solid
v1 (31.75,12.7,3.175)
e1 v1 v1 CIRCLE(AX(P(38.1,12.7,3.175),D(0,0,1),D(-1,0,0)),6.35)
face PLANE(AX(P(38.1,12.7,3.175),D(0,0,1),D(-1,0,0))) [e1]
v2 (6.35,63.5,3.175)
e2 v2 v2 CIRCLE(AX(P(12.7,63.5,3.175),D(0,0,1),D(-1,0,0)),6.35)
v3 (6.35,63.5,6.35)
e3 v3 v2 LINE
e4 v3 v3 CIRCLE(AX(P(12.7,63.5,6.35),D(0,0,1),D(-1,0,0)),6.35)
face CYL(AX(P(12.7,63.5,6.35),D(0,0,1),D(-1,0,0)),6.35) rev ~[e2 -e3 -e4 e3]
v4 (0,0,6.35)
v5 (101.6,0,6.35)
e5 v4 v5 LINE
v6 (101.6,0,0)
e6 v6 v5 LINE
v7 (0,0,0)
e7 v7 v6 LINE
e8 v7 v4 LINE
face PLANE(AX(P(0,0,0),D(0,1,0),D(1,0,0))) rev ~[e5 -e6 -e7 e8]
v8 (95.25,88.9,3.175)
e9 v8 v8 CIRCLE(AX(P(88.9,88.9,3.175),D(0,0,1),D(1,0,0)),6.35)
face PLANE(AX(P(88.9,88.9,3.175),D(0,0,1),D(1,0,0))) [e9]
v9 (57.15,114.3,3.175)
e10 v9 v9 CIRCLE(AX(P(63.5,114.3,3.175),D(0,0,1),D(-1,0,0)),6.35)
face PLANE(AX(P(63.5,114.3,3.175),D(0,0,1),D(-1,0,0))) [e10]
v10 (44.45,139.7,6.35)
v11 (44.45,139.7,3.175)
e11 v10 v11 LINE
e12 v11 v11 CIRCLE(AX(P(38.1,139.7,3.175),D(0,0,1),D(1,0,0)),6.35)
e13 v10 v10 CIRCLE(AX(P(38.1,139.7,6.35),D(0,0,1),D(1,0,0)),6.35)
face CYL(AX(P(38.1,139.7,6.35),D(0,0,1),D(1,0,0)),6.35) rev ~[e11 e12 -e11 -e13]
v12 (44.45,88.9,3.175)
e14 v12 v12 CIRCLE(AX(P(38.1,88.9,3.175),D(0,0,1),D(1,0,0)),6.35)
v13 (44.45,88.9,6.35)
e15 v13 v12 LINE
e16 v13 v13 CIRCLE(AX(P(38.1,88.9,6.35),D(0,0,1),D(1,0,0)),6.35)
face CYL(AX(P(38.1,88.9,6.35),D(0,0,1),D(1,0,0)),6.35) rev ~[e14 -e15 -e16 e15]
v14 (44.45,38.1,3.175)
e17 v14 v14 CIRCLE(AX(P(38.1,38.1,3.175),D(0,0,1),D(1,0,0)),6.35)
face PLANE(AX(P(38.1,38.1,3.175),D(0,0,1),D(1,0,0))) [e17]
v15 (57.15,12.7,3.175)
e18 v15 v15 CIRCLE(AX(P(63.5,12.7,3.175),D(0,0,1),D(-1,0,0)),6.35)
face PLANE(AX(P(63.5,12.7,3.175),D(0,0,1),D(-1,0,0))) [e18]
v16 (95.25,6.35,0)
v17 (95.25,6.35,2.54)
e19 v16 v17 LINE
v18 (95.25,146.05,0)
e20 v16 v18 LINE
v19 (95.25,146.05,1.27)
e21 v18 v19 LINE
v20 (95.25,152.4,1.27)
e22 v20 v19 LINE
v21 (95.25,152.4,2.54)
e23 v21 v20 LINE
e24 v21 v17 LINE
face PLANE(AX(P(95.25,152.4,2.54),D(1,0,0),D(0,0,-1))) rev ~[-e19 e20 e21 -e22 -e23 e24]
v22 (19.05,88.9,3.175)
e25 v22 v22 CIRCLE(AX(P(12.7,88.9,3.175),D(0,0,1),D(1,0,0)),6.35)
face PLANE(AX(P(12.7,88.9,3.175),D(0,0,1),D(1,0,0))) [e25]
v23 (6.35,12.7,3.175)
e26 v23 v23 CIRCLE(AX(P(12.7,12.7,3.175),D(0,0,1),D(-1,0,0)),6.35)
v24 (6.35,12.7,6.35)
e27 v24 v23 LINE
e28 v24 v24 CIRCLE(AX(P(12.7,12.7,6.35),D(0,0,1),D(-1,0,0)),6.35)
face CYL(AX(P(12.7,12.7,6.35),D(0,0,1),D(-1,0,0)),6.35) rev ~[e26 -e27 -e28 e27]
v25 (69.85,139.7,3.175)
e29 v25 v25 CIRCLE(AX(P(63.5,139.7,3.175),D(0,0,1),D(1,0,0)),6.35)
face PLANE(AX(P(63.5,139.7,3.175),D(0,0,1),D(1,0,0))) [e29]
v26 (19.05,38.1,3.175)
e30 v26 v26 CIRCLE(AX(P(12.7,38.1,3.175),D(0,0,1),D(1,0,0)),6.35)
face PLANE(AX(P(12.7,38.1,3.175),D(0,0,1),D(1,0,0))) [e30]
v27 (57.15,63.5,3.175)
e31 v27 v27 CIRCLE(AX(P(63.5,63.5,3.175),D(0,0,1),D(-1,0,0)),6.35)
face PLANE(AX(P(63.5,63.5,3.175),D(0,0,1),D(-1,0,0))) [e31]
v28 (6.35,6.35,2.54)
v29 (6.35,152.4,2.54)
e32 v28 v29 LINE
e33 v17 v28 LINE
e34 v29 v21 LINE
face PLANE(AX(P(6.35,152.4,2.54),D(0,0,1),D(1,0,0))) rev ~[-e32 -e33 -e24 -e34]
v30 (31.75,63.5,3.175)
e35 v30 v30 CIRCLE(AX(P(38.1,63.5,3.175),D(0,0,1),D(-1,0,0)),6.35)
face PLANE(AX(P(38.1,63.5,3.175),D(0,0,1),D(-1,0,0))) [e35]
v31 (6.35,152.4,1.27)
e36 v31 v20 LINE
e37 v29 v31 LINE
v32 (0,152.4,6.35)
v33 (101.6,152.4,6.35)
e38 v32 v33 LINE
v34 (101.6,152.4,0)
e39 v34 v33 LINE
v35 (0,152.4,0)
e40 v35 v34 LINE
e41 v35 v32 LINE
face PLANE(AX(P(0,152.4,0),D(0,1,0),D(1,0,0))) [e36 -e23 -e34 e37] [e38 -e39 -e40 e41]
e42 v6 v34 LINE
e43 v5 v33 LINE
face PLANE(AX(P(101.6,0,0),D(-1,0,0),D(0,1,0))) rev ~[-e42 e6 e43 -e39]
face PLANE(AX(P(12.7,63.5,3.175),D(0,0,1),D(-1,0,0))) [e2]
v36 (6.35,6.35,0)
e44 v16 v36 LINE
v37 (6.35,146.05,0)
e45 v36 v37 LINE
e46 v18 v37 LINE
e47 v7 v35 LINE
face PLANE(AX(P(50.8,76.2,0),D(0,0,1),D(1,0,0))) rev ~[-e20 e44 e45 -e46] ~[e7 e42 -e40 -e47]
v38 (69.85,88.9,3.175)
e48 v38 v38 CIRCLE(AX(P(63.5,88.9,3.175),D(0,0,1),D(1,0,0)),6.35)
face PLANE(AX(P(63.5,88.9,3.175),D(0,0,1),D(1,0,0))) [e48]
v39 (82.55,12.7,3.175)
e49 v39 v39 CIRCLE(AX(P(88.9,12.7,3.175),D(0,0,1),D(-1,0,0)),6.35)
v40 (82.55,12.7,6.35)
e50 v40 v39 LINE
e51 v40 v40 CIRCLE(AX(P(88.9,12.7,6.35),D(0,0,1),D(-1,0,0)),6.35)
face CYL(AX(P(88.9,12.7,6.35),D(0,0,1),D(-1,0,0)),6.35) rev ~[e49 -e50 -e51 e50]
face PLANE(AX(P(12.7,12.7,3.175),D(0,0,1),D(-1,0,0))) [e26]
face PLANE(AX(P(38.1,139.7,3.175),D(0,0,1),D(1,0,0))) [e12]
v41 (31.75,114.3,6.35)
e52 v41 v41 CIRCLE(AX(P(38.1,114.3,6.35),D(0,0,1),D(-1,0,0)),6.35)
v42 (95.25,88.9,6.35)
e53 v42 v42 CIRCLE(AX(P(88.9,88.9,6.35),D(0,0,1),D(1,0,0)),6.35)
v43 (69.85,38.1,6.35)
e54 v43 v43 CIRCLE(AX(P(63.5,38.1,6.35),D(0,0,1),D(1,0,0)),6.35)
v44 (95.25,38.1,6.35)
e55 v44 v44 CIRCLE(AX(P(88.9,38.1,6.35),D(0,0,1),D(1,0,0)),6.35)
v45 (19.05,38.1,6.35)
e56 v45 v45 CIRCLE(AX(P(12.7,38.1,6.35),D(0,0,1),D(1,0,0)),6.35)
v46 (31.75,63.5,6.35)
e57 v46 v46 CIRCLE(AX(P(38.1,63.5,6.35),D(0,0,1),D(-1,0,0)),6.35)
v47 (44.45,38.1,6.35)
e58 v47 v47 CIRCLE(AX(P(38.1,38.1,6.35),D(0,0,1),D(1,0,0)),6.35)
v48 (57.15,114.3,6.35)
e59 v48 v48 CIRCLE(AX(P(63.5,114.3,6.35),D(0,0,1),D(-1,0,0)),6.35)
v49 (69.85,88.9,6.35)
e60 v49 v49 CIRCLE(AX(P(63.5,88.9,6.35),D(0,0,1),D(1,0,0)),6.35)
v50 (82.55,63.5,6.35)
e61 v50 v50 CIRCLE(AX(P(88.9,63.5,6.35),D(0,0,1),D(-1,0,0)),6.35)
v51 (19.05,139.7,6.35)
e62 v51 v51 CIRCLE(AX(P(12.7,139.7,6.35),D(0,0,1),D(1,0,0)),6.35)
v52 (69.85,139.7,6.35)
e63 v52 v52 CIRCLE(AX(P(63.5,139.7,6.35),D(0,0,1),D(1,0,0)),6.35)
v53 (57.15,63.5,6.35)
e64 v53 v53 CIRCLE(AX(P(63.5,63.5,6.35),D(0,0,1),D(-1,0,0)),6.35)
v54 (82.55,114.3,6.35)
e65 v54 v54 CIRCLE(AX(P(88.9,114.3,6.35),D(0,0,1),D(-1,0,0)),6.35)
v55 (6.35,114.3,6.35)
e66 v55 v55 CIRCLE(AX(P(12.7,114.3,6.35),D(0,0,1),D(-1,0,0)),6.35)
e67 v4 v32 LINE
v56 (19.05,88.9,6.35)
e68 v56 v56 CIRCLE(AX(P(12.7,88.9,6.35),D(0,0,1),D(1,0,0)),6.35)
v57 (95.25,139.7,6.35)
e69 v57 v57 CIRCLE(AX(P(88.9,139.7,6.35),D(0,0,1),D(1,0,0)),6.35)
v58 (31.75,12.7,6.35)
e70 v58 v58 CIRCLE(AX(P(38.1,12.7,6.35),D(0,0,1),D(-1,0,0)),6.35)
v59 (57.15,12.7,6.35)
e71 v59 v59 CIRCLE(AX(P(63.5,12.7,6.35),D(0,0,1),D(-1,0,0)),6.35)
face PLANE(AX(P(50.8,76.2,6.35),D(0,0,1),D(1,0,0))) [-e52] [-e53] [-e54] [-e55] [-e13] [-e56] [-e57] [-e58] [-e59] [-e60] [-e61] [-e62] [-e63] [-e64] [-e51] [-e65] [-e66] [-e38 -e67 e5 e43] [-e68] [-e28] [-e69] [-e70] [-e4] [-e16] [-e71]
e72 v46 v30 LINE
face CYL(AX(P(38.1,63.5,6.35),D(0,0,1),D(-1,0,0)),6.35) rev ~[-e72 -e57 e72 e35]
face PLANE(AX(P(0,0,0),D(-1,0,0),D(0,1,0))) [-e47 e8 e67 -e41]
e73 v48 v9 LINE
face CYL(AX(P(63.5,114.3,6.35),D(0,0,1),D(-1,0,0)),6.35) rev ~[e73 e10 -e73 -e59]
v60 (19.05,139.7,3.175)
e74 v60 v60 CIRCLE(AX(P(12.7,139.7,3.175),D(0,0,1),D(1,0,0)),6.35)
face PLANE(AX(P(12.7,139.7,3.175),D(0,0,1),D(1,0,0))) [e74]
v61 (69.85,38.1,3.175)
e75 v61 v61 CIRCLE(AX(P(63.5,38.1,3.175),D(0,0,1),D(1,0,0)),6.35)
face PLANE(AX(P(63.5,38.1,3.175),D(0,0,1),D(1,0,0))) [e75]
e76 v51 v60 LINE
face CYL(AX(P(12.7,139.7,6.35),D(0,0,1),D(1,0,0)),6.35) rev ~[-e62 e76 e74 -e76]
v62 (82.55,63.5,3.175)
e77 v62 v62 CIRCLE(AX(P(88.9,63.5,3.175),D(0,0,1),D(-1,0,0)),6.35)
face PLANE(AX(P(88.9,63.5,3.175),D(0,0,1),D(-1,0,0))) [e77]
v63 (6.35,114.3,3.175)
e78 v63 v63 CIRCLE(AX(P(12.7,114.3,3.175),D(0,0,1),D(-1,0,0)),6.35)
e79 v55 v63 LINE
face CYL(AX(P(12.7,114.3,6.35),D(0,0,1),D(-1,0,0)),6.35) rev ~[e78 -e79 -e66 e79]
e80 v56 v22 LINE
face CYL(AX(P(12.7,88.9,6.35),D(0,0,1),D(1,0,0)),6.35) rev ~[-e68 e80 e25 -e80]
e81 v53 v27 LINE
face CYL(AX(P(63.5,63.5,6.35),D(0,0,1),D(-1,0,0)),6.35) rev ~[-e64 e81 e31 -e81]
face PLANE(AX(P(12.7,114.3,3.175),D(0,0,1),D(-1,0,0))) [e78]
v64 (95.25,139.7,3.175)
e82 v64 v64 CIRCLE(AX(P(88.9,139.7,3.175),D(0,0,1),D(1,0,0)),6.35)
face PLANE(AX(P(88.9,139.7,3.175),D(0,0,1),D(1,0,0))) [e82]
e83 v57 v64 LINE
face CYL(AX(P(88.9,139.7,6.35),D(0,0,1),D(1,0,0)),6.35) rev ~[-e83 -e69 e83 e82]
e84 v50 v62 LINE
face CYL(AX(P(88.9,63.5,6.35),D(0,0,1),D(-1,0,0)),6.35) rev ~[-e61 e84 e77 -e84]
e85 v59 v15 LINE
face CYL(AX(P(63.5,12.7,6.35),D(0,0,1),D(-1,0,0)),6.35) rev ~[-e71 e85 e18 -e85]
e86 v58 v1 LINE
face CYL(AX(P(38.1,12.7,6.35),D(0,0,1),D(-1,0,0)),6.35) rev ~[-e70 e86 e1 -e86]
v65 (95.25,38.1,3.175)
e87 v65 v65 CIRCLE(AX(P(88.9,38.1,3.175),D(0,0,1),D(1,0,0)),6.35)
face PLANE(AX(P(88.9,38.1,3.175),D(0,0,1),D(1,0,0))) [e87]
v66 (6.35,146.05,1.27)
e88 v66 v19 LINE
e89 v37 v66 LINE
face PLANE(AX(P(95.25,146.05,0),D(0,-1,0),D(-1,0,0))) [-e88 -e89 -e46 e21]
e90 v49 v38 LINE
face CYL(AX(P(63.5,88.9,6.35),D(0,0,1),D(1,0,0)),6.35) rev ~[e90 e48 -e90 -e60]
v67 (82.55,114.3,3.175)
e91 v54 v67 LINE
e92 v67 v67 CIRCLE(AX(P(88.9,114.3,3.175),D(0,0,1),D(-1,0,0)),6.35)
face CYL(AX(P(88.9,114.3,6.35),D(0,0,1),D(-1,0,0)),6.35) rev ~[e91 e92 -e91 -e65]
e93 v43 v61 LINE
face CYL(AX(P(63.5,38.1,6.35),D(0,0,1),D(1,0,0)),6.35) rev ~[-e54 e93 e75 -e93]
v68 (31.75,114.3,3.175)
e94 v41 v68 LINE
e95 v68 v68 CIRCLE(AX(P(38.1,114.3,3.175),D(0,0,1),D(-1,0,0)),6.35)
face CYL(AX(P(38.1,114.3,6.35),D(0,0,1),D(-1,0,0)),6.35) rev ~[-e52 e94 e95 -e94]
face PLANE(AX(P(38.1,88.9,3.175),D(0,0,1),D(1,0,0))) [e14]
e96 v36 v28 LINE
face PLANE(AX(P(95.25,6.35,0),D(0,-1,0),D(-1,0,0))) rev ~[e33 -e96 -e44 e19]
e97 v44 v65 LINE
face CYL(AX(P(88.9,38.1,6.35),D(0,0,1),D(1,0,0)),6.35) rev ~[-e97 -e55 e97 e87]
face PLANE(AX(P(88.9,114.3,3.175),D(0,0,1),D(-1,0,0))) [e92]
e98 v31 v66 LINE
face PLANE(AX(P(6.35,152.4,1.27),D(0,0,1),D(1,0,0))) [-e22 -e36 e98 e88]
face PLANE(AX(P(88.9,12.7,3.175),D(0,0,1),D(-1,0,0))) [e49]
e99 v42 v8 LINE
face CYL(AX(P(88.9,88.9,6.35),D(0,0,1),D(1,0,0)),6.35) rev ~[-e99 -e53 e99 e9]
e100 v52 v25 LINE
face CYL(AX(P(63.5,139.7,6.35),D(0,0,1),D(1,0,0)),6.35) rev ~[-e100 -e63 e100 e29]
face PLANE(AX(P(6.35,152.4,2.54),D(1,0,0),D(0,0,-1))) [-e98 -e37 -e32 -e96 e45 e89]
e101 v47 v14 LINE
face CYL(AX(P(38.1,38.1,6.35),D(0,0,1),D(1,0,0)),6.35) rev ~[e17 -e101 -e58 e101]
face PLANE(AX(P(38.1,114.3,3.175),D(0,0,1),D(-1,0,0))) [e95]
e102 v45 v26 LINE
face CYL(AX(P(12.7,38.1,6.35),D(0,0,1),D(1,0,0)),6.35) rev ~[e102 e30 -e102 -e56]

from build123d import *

# Parameters (mm, degrees)
SKETCH1_W           = 101.6
SKETCH1_H           = 152.4
BOSS_EXTRUDE1_DEPTH = 6.35
SKETCH3_R           = 6.35
CUT_EXTRUDE2_DEPTH  = 3.175
SKETCH4_W           = 88.9
SKETCH4_H           = 139.7
CUT_EXTRUDE3_DEPTH  = 2.54
CUT_EXTRUDE4_REACH  = 185.272
SKETCH5_W           = 88.9
SKETCH5_H           = 1.27


with BuildPart() as part:
    # Sketch1 → Boss-Extrude1 (new body)
    with BuildSketch(Plane.XY):
        with Locations((50.8, 76.2)):
            Rectangle(SKETCH1_W, SKETCH1_H)
    extrude(amount=BOSS_EXTRUDE1_DEPTH)

    # Sketch3 → Cut-Extrude2 (cut)
    with BuildSketch(Plane.XY.offset(6.35)):
        with Locations((12.7, 139.7)):
            Circle(SKETCH3_R)
        with Locations((38.1, 139.7)):
            Circle(SKETCH3_R)
        with Locations((63.5, 139.7)):
            Circle(SKETCH3_R)
        with Locations((88.9, 139.7)):
            Circle(SKETCH3_R)
        with Locations(Location((88.9, 114.3, 0), (0, 0, 180))):
            Circle(SKETCH3_R)
        with Locations(Location((63.5, 114.3, 0), (0, 0, 180))):
            Circle(SKETCH3_R)
        with Locations(Location((38.1, 114.3, 0), (0, 0, 180))):
            Circle(SKETCH3_R)
        with Locations(Location((12.7, 114.3, 0), (0, 0, 180))):
            Circle(SKETCH3_R)
        with Locations((88.9, 88.9)):
            Circle(SKETCH3_R)
        with Locations((63.5, 88.9)):
            Circle(SKETCH3_R)
        with Locations((38.1, 88.9)):
            Circle(SKETCH3_R)
        with Locations((12.7, 88.9)):
            Circle(SKETCH3_R)
        with Locations(Location((88.9, 63.5, 0), (0, 0, 180))):
            Circle(SKETCH3_R)
        with Locations(Location((63.5, 63.5, 0), (0, 0, 180))):
            Circle(SKETCH3_R)
        with Locations(Location((38.1, 63.5, 0), (0, 0, 180))):
            Circle(SKETCH3_R)
        with Locations(Location((12.7, 63.5, 0), (0, 0, 180))):
            Circle(SKETCH3_R)
        with Locations((88.9, 38.1)):
            Circle(SKETCH3_R)
        with Locations((63.5, 38.1)):
            Circle(SKETCH3_R)
        with Locations((38.1, 38.1)):
            Circle(SKETCH3_R)
        with Locations((12.7, 38.1)):
            Circle(SKETCH3_R)
        with Locations(Location((88.9, 12.7, 0), (0, 0, 180))):
            Circle(SKETCH3_R)
        with Locations(Location((63.5, 12.7, 0), (0, 0, 180))):
            Circle(SKETCH3_R)
        with Locations(Location((38.1, 12.7, 0), (0, 0, 180))):
            Circle(SKETCH3_R)
        with Locations(Location((12.7, 12.7, 0), (0, 0, 180))):
            Circle(SKETCH3_R)
    extrude(amount=-CUT_EXTRUDE2_DEPTH, mode=Mode.SUBTRACT)

    # Sketch4 → Cut-Extrude3 (cut)
    with BuildSketch(Plane(origin=(0, 0, 0), x_dir=(-1, 0, 0), z_dir=(0, 0, -1))):
        with Locations((-50.8, 76.2)):
            Rectangle(SKETCH4_W, SKETCH4_H)
    extrude(amount=-CUT_EXTRUDE3_DEPTH, mode=Mode.SUBTRACT)

    # Sketch5 → Cut-Extrude4 (cut, up to next)
    with BuildSketch(Plane(origin=(0, 152.4, 0), x_dir=(1, 0, 0), z_dir=(0, 1, 0)), mode=Mode.PRIVATE) as cut_extrude4_sk1:
        with Locations((50.8, -1.905)):
            Rectangle(SKETCH5_W, SKETCH5_H)
    cut_extrude4_tool1 = extrude(cut_extrude4_sk1.sketch, amount=-CUT_EXTRUDE4_REACH, mode=Mode.PRIVATE) & part.part
    add(cut_extrude4_tool1.solids().sort_by_distance((50.8, 152.4, 1.905))[0], mode=Mode.SUBTRACT)


solid = part.part
